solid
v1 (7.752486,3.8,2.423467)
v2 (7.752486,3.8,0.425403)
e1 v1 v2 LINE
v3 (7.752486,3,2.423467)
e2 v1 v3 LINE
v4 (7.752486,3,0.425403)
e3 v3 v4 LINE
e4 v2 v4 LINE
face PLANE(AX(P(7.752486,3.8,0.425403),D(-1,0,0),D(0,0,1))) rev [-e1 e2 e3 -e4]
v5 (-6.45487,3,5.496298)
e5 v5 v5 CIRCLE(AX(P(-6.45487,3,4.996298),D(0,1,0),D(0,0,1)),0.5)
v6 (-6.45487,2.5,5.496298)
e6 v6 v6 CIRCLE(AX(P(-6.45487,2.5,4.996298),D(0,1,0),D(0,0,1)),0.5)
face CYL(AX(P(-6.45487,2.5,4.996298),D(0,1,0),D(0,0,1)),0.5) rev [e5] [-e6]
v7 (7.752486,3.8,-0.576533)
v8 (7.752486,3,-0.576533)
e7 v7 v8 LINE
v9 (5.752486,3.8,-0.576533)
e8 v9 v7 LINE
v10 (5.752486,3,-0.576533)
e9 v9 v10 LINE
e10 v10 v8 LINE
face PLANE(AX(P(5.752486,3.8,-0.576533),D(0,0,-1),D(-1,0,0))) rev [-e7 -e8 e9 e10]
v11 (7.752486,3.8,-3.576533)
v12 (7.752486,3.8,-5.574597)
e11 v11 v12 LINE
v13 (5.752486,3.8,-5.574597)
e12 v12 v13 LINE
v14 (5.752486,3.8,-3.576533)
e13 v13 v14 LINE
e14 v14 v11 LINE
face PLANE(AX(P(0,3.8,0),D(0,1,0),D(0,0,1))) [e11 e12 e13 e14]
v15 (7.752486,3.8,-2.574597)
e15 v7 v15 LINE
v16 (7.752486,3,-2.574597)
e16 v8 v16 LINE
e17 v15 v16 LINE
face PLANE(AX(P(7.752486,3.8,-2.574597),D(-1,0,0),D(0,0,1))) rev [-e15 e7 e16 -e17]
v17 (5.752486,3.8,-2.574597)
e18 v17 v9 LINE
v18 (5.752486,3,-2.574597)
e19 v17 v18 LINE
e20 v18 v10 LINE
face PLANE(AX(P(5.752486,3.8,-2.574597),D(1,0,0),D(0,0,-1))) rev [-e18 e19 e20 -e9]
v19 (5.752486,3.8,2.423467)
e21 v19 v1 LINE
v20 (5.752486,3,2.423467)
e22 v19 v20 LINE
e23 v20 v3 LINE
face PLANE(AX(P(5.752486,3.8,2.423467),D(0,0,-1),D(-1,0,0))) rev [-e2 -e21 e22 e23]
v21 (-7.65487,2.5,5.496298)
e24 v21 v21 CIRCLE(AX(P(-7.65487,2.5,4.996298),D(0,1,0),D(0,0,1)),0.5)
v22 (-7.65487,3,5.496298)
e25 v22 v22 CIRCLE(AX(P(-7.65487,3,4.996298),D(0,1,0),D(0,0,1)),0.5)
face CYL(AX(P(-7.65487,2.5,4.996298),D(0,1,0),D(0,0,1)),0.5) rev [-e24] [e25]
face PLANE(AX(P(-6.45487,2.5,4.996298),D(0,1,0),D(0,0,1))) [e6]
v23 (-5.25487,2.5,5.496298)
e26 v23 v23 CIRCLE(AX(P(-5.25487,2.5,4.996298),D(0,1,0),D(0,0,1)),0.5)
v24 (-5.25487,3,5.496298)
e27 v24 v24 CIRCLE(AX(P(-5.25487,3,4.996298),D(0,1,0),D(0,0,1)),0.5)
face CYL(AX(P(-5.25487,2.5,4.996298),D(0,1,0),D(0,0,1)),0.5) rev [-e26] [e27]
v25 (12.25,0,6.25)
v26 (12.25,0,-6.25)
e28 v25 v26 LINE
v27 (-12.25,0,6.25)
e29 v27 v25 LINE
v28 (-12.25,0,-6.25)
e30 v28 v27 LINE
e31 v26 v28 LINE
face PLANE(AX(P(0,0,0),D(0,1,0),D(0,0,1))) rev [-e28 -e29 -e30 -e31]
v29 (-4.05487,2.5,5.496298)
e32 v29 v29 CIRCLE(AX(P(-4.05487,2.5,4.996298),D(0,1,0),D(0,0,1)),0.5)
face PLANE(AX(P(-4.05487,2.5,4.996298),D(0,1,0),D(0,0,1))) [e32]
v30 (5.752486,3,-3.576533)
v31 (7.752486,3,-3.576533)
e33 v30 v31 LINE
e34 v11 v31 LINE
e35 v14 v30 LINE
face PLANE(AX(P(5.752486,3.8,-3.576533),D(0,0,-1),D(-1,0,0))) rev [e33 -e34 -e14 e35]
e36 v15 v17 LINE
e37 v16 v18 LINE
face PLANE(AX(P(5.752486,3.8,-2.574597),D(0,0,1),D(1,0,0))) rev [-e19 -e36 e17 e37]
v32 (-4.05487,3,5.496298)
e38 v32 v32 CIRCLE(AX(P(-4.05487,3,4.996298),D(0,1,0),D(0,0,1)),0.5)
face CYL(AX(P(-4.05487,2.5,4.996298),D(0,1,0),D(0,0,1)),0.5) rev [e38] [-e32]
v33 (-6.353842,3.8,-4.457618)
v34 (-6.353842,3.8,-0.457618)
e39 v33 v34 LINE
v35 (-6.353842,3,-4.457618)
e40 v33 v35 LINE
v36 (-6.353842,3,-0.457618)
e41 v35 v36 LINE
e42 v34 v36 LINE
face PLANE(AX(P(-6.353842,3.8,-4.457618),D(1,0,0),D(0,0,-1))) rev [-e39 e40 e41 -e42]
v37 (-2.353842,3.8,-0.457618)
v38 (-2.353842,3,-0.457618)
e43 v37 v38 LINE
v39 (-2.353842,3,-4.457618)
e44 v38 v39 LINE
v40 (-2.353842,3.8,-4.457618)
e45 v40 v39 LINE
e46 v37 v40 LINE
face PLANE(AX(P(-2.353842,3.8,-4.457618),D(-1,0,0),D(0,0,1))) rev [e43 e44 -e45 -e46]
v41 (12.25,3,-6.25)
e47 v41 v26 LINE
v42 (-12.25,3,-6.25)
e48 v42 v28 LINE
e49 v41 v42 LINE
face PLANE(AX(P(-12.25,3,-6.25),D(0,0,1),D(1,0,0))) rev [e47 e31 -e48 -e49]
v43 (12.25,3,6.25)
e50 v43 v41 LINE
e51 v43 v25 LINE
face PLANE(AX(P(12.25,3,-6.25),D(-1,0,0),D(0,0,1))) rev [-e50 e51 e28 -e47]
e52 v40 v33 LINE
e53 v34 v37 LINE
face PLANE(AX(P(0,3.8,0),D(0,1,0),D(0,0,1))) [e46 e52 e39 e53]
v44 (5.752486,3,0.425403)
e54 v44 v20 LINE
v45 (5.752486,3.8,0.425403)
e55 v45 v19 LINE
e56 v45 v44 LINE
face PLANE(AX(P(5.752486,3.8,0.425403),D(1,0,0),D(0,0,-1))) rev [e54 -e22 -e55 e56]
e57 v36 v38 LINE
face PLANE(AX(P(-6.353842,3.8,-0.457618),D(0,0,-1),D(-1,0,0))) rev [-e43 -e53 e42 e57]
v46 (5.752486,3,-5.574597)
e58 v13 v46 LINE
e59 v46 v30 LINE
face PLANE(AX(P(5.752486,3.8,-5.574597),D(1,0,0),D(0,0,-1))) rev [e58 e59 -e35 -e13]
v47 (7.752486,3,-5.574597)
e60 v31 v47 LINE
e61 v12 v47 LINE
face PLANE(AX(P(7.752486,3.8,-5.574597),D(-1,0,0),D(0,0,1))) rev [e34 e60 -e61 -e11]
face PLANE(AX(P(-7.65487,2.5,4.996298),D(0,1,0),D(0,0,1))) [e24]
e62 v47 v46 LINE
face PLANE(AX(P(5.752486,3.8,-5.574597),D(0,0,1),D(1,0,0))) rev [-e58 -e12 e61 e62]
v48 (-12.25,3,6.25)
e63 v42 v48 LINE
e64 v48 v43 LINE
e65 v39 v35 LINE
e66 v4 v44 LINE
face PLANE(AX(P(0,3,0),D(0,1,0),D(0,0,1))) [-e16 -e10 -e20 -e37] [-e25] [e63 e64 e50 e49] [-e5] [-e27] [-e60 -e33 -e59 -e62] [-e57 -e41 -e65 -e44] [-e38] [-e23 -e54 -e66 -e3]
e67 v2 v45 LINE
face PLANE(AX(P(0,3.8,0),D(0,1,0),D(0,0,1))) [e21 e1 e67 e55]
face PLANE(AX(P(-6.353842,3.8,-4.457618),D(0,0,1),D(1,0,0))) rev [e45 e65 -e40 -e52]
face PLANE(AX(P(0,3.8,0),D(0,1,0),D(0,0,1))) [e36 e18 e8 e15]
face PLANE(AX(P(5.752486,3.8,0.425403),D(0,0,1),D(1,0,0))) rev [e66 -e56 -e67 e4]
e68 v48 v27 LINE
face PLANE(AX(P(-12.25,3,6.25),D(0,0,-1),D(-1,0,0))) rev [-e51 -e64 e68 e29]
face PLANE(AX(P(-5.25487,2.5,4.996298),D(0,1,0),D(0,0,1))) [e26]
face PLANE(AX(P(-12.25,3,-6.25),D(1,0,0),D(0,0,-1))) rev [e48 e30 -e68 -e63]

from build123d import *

# Parameters (mm, degrees)
CROQUIS1_W              = 24.5
CROQUIS1_H              = 12.5
SALIENTE_EXTRUIR1_DEPTH = 3
CROQUIS2_R              = 0.5
CORTAR_EXTRUIR1_DEPTH   = 0.5
CROQUIS3_W              = 2
CROQUIS3_H              = 1.99806337
CROQUIS3_W_2            = 4
CROQUIS3_H_2            = 4
SALIENTE_EXTRUIR2_DEPTH = 0.8


with BuildPart() as part:
    # Croquis1 → Saliente-Extruir1 (new body)
    with BuildSketch(Plane(origin=(0, 0, 0), x_dir=(1, 0, 0), z_dir=(0, 1, 0))):
        Rectangle(CROQUIS1_W, CROQUIS1_H)
    extrude(amount=SALIENTE_EXTRUIR1_DEPTH)

    # Croquis2 → Cortar-Extruir1 (cut)
    with BuildSketch(Plane(origin=(0, 3, 0), x_dir=(1, 0, 0), z_dir=(0, 1, 0))):
        with Locations(Location((-7.654869521, -4.99629776, 0), (0, 0, 270))):
            Circle(CROQUIS2_R)
        with Locations(Location((-6.454869521, -4.99629776, 0), (0, 0, 270))):
            Circle(CROQUIS2_R)
        with Locations(Location((-5.254869521, -4.99629776, 0), (0, 0, 270))):
            Circle(CROQUIS2_R)
        with Locations(Location((-4.054869521, -4.99629776, 0), (0, 0, 270))):
            Circle(CROQUIS2_R)
    extrude(amount=-CORTAR_EXTRUIR1_DEPTH, mode=Mode.SUBTRACT)

    # Croquis3 → Saliente-Extruir2 (add)
    with BuildSketch(Plane(origin=(0, 3, 0), x_dir=(1, 0, 0), z_dir=(0, 1, 0))):
        with Locations((6.752485875, 1.575565117)):
            Rectangle(CROQUIS3_W, CROQUIS3_H)
        with Locations((-4.353841516, 2.457617945)):
            Rectangle(CROQUIS3_W_2, CROQUIS3_H_2)
        with Locations((6.752485875, 4.575565117)):
            Rectangle(CROQUIS3_W, CROQUIS3_H)
        with Locations((6.752485875, -1.424434883)):
            Rectangle(CROQUIS3_W, CROQUIS3_H)
    extrude(amount=SALIENTE_EXTRUIR2_DEPTH)


solid = part.part
